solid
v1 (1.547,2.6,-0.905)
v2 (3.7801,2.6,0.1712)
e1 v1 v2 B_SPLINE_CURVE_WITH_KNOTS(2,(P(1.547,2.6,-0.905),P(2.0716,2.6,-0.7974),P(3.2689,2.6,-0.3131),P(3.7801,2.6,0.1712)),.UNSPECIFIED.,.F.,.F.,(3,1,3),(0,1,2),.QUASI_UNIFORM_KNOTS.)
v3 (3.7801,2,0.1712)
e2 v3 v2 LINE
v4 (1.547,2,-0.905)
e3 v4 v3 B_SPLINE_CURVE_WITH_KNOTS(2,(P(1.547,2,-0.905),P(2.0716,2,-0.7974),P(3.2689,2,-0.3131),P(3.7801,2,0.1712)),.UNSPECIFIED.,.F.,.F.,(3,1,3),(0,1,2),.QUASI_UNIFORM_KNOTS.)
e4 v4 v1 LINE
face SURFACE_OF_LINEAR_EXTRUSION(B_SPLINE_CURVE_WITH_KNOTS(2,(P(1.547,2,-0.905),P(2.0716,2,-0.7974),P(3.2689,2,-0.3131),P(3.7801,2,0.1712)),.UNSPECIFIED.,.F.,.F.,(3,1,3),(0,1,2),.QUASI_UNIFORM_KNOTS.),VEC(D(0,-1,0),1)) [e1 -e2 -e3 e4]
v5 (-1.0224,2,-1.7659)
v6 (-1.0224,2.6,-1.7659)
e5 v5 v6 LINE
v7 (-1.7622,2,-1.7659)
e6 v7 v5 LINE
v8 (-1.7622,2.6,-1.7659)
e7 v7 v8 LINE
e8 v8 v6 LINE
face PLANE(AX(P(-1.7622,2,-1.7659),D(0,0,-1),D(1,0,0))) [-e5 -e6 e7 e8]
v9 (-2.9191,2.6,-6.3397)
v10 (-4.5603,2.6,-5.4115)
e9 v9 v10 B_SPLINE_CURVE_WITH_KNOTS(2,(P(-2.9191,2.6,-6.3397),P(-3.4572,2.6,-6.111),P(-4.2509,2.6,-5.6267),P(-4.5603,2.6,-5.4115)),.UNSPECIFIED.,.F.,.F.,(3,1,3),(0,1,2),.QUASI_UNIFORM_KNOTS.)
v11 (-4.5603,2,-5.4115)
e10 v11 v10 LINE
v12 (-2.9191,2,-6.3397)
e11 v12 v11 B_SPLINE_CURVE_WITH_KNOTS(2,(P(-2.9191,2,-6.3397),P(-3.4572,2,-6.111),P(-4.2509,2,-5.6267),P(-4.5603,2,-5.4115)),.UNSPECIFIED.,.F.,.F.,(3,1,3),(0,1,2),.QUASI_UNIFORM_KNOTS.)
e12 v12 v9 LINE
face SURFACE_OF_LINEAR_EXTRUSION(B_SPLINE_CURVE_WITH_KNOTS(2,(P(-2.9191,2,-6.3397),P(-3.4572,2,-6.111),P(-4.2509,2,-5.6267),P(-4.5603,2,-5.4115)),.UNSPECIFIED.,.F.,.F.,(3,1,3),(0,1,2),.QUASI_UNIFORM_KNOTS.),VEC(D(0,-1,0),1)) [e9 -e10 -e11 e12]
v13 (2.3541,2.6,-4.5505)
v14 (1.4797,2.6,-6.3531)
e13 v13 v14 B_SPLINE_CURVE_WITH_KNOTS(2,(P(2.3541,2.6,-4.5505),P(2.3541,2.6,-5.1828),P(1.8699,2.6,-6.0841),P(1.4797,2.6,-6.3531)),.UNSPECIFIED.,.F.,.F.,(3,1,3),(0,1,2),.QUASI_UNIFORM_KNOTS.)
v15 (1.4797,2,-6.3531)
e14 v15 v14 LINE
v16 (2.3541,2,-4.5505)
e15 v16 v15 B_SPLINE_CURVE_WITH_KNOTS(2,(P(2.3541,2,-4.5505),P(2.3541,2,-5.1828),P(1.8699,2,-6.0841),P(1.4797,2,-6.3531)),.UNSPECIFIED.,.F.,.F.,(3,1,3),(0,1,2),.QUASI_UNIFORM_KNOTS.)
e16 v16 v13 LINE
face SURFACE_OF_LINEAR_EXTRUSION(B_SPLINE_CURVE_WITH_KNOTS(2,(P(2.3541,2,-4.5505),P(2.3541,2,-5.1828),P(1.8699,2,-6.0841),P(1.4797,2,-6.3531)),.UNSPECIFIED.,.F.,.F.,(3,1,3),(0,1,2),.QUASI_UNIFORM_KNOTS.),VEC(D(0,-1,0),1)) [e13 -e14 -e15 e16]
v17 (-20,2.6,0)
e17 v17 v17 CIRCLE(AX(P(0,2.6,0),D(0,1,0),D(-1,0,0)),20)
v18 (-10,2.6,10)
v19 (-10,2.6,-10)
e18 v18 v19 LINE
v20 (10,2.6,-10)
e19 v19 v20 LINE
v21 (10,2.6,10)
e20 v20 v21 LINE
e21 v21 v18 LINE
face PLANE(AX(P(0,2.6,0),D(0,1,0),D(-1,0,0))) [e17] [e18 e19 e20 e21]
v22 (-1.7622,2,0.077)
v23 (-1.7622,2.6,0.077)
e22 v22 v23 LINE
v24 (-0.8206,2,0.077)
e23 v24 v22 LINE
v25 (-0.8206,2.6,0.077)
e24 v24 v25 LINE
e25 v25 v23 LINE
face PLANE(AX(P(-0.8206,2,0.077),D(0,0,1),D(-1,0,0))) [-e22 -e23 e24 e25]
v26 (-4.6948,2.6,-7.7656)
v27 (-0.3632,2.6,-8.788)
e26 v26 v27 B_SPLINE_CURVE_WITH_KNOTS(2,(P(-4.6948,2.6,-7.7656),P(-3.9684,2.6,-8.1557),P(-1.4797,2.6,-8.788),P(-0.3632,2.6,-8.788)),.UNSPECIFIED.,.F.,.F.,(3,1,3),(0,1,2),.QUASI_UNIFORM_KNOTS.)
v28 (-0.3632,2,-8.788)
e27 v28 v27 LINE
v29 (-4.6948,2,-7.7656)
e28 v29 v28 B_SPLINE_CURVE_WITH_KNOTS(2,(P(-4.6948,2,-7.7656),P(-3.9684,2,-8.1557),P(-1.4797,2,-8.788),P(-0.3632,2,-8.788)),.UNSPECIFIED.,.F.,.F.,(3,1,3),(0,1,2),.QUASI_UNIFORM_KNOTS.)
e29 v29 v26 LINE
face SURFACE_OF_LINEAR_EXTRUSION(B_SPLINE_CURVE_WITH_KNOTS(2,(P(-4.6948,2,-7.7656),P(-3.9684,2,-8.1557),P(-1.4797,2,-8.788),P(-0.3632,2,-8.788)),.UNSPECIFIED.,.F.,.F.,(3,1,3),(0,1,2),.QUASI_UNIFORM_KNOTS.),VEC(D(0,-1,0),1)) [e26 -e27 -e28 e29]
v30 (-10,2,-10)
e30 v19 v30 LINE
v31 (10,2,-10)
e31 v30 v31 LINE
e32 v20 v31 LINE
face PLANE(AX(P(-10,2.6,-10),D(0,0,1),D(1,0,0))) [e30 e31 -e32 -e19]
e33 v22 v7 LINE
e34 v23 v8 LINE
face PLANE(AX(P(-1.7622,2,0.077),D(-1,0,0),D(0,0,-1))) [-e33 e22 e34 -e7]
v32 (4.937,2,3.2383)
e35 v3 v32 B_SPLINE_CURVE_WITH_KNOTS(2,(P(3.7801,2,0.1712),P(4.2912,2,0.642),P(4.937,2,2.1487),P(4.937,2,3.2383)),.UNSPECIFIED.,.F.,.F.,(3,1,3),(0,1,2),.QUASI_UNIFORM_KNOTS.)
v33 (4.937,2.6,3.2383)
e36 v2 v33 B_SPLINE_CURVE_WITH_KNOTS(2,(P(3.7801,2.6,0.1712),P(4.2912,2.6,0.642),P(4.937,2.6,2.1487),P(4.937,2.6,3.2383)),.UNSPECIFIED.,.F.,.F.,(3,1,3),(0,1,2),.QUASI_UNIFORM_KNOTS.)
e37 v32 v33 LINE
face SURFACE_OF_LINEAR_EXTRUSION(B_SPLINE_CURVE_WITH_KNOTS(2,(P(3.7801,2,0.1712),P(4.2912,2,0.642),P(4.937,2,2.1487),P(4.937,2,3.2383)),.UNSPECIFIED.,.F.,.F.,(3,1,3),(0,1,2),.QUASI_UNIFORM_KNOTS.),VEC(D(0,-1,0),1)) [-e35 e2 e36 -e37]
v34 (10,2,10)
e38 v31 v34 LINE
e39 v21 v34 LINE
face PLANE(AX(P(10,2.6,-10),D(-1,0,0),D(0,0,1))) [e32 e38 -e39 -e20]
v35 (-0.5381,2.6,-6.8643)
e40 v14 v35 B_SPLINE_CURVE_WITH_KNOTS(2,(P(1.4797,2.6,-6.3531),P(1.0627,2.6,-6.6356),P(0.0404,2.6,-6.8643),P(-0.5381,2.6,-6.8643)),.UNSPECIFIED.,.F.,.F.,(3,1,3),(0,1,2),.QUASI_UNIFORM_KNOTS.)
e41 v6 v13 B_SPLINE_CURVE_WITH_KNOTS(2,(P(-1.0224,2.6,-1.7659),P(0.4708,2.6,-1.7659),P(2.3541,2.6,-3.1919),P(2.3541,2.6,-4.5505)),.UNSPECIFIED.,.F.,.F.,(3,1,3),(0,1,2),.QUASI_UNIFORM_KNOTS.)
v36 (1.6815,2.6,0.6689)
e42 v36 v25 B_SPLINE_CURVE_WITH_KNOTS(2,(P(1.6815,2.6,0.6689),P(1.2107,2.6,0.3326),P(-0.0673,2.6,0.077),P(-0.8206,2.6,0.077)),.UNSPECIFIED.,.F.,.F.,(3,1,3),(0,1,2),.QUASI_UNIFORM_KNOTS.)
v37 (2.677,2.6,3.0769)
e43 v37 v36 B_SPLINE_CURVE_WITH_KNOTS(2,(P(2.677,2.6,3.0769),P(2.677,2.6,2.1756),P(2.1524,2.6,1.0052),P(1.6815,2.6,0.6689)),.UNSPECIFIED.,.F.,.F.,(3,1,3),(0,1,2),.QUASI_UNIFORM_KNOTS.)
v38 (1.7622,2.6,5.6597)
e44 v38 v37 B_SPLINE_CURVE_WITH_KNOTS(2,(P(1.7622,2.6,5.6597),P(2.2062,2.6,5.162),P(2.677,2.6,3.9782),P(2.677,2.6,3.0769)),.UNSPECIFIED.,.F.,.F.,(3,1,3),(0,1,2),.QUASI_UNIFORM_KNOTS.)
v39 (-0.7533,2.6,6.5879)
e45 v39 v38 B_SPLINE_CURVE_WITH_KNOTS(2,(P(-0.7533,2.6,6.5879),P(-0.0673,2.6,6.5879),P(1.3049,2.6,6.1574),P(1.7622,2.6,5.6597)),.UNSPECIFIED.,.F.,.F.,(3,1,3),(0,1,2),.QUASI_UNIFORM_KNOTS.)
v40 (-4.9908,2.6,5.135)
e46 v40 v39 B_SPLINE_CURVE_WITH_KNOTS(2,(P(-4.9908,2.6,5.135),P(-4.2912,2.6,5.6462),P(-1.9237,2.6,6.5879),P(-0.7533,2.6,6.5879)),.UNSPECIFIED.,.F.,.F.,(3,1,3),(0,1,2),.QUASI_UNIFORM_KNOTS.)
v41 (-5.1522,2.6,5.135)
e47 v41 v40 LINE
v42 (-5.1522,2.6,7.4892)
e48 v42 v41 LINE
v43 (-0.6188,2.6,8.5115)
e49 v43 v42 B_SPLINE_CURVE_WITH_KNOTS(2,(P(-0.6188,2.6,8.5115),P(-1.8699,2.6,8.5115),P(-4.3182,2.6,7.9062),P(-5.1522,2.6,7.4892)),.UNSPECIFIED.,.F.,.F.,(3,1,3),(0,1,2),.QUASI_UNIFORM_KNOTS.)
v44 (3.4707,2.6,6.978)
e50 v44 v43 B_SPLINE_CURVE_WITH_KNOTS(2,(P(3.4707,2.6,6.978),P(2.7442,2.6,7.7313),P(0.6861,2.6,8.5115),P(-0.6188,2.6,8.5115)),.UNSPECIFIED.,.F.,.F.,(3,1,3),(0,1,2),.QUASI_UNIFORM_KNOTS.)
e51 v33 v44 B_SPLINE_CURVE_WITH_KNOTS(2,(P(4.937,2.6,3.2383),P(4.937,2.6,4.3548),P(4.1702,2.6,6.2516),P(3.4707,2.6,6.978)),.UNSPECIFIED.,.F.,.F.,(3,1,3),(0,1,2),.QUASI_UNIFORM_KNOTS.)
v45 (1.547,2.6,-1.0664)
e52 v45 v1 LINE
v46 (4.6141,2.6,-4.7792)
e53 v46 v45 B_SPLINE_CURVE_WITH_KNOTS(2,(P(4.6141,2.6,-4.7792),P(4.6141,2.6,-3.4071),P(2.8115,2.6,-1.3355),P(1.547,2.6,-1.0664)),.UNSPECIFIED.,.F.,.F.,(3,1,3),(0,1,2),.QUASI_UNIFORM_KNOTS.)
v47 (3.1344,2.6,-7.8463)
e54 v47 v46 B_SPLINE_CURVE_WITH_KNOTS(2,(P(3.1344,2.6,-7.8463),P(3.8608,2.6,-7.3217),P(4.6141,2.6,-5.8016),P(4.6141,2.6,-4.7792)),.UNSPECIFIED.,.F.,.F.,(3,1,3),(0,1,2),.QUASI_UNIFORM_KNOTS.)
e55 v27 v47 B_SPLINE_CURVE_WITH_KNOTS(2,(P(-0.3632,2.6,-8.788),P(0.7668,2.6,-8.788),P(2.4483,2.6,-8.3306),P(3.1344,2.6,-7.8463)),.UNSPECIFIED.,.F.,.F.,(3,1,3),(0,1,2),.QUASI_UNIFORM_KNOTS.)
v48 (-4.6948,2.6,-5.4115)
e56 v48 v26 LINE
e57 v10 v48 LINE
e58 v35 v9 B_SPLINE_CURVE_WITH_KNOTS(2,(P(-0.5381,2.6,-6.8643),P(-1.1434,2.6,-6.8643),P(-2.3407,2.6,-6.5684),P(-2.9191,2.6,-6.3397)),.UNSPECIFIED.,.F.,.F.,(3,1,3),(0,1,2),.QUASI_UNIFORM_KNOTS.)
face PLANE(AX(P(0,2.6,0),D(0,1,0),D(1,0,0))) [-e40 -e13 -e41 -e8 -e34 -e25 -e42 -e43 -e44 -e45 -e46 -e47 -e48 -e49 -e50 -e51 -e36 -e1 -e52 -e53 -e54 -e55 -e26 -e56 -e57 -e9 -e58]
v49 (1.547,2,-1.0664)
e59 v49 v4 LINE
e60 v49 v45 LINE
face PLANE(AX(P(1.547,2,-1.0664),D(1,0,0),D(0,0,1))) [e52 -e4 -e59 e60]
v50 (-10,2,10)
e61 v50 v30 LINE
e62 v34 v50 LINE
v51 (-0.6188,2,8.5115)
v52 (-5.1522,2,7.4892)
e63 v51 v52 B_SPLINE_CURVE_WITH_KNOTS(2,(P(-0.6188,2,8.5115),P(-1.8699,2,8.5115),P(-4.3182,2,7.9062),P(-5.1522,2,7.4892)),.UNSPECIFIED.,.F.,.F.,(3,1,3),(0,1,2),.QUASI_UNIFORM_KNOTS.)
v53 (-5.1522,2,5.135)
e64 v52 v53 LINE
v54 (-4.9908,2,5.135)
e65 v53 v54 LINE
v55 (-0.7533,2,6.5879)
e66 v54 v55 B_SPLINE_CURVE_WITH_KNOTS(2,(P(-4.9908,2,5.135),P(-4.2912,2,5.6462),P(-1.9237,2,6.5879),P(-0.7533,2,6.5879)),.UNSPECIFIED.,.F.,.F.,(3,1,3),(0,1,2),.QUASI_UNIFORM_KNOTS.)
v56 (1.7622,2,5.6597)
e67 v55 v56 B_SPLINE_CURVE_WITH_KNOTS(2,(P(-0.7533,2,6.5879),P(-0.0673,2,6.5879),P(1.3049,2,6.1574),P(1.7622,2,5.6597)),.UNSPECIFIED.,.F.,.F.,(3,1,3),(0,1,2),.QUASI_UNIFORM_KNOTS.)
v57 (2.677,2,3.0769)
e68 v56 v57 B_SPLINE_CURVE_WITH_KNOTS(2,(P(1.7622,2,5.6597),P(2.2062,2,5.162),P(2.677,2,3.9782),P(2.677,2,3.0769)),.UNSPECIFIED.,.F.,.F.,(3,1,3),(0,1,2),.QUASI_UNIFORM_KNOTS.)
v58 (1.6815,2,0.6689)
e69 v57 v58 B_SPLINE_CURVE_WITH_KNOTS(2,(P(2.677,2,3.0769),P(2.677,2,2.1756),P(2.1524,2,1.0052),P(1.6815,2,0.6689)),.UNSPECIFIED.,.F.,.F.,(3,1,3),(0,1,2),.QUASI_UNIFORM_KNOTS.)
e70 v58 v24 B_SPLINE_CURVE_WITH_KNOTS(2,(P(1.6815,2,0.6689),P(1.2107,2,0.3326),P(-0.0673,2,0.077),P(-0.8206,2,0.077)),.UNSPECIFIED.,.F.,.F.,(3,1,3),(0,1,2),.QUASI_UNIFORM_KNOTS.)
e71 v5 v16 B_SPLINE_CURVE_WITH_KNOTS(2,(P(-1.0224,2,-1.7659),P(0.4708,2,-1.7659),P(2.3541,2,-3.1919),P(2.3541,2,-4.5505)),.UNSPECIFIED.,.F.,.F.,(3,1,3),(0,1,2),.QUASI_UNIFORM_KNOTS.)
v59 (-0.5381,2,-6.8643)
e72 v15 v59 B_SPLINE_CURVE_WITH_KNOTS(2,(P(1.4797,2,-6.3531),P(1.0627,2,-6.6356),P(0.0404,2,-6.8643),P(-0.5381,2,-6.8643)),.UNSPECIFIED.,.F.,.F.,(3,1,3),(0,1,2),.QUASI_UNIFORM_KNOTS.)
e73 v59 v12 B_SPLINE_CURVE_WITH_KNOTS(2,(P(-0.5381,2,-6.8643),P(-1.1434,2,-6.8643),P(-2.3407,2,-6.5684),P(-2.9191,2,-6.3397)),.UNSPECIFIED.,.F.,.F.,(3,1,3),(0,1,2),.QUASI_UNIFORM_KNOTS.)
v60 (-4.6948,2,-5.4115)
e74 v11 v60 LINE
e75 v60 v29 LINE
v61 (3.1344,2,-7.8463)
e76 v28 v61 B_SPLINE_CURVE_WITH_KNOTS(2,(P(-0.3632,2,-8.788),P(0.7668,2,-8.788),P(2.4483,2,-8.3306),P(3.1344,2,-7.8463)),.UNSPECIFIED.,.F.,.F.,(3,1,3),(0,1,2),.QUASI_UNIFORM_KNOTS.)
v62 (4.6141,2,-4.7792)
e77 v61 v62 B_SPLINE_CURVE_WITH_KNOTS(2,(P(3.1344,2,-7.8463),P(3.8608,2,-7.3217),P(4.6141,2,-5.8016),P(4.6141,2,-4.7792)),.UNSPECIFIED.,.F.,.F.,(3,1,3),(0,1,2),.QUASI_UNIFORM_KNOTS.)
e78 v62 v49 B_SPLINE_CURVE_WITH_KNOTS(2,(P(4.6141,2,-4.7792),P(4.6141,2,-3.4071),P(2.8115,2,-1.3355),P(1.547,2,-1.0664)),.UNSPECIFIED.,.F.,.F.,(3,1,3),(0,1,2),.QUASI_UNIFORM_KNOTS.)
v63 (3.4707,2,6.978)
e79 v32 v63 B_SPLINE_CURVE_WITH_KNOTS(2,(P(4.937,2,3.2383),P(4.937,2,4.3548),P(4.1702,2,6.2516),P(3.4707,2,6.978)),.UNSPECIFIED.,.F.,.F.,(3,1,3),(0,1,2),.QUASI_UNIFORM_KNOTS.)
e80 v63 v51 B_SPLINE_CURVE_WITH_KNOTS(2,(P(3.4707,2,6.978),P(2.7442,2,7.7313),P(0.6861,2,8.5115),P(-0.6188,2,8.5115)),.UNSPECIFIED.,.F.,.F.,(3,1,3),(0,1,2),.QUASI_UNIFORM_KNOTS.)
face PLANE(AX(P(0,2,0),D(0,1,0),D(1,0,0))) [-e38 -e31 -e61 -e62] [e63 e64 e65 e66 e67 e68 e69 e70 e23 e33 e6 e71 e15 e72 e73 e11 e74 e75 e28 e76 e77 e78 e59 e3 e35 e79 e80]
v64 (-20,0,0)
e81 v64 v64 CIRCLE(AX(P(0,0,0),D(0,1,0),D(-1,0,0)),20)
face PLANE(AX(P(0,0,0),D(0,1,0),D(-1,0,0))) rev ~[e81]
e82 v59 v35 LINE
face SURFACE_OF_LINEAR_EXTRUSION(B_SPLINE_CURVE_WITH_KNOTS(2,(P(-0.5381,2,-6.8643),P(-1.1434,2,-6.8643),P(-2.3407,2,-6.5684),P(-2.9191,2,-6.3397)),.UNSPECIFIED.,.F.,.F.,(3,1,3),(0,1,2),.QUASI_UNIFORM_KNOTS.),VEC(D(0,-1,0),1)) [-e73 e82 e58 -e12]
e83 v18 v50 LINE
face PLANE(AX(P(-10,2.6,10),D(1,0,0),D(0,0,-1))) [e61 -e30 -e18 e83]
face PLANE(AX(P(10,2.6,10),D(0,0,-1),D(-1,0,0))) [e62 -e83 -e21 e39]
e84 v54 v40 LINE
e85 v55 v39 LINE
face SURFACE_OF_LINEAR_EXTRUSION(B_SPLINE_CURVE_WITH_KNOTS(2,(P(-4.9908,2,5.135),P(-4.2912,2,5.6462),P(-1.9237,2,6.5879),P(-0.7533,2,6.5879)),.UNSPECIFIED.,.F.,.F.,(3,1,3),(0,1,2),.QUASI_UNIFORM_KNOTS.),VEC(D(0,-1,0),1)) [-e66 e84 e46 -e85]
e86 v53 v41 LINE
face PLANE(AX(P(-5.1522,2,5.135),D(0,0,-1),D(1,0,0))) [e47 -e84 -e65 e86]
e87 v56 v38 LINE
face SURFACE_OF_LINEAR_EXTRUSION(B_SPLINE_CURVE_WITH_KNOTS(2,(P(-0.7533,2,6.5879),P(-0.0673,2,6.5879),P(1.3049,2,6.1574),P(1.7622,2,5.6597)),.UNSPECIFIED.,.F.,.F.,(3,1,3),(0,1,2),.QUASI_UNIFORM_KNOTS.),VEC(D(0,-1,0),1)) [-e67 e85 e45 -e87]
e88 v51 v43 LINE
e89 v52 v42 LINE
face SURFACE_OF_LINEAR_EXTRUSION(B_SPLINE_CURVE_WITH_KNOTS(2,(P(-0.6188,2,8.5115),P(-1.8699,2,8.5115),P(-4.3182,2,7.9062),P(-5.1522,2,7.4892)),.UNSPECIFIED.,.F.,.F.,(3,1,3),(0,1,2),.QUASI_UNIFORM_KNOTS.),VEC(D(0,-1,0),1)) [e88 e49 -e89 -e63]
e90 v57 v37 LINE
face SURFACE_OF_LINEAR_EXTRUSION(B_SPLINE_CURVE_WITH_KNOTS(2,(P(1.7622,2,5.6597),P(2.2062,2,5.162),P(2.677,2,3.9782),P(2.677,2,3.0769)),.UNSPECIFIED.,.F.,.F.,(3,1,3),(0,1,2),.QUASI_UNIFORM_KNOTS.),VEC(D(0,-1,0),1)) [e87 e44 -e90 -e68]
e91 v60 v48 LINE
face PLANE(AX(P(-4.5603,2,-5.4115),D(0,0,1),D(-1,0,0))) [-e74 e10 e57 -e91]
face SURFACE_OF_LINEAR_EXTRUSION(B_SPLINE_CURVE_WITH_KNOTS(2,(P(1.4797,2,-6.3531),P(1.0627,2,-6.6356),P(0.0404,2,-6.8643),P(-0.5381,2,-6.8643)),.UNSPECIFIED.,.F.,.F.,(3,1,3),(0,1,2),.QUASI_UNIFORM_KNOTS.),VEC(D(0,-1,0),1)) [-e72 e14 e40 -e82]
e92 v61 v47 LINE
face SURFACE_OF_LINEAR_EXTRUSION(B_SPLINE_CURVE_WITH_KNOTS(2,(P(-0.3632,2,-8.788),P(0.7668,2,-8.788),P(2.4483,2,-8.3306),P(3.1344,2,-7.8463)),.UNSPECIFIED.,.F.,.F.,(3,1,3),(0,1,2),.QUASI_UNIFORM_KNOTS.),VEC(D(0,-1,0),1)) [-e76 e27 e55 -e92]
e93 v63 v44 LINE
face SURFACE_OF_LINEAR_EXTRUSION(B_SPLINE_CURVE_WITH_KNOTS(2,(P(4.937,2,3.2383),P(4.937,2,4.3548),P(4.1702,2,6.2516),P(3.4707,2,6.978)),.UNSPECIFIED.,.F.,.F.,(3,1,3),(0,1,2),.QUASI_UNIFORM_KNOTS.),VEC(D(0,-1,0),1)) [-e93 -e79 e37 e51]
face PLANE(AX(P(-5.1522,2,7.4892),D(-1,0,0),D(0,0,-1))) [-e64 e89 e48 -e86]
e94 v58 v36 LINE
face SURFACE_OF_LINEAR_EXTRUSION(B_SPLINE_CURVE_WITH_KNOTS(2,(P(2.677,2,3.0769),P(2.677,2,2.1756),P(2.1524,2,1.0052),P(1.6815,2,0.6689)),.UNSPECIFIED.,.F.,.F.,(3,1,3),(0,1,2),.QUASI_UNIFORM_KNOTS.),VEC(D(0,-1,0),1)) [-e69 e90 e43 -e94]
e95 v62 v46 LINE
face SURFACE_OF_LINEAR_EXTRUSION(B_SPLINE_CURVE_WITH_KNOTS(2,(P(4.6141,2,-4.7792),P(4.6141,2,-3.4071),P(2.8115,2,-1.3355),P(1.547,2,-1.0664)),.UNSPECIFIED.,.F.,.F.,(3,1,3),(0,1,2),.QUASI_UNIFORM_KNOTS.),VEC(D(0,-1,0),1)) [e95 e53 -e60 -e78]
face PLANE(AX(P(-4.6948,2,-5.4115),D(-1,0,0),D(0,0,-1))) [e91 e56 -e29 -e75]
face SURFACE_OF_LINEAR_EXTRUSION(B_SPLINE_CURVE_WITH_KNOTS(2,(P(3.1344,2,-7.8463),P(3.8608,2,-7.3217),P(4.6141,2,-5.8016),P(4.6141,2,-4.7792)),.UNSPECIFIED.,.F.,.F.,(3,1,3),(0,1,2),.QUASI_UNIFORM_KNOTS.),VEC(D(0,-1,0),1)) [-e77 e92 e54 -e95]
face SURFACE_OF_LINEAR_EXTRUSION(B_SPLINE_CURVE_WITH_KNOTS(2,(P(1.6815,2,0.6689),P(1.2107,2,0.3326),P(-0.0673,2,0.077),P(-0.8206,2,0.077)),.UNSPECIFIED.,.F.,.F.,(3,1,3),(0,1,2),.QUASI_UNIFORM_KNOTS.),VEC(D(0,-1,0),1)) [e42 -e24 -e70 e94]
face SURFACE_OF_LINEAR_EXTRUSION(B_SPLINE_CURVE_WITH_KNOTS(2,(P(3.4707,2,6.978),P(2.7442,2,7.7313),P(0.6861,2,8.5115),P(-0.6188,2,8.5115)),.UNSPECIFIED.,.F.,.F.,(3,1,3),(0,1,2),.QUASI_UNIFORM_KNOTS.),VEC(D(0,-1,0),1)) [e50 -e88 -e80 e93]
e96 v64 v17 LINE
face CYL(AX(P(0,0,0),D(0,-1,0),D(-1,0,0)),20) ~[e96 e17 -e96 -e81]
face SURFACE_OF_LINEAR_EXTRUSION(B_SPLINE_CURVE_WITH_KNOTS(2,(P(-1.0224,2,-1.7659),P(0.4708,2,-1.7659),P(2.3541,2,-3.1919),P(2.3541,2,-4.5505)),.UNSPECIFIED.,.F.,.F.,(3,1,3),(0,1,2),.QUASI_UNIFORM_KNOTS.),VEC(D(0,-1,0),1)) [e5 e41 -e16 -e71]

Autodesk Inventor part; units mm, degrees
ref_plane "YZ Plane" through (0, 0, 0) normal (1, 0, 0) x (0, 1, 0)
ref_plane "XZ Plane" through (0, 0, 0) normal (0, 1, 0) x (-1, 0, 0)
ref_plane "XY Plane" through (0, 0, 0) normal (0, 0, 1) x (1, 0, 0)
sketch "Sketch1" plane through (0, 0, 0) normal (0, 1, 0) x (-1, 0, 0)
  circle A0 centre (0, 0) radius 20
  dimension "d0" = 40
extrude "Extrusion1" add sketch "Sketch1" along normal blind 2.6
sketch "Sketch2" plane through (0, 2.6, 0) normal (0, 1, 0) x (1, 0, 0)
  line L0 (-10, -10) -> (-10, 10)
  line L1 (-10, 10) -> (10, 10)
  line L2 (10, 10) -> (10, -10)
  line L3 (10, -10) -> (-10, -10)
  line L4 (-10, -10) -> (10, 10) construction
  line L5 (-10, 10) -> (10, -10) construction
  point P0 (0, 0)
  dimension "d3" = 20
  dimension "d4" = 20
extrude "Extrusion2" cut sketch "Sketch2" against normal blind 0.6
sketch "Sketch3" plane through (0, 2, 0) normal (0, 1, 0) x (1, 0, 0)
  line L0 (-6.2284, 8.788) -> (6.2284, 8.788) construction
  line L1 (6.2284, 8.788) -> (6.2284, -8.5115) construction
  line L2 (6.2284, -8.5115) -> (-6.2284, -8.5115) construction
  line L3 (-6.2284, -8.5115) -> (-6.2284, 8.788) construction
  spline S0 degree 2 poles (-0.5381, 6.8643) (-1.1434, 6.8643) (-2.3407, 6.5684) (-2.9191, 6.3397) knots 0 0 0 1 2 2 2
  spline S1 degree 2 poles (-2.9191, 6.3397) (-3.4572, 6.111) (-4.2509, 5.6267) (-4.5603, 5.4115) knots 0 0 0 1 2 2 2
  line L4 (-4.5603, 5.4115) -> (-4.6948, 5.4115)
  line L5 (-4.6948, 5.4115) -> (-4.6948, 7.7656)
  spline S2 degree 2 poles (-4.6948, 7.7656) (-3.9684, 8.1557) (-1.4797, 8.788) (-0.3632, 8.788) knots 0 0 0 1 2 2 2
  spline S3 degree 2 poles (-0.3632, 8.788) (0.7668, 8.788) (2.4483, 8.3306) (3.1344, 7.8463) knots 0 0 0 1 2 2 2
  spline S4 degree 2 poles (3.1344, 7.8463) (3.8608, 7.3217) (4.6141, 5.8016) (4.6141, 4.7792) knots 0 0 0 1 2 2 2
  spline S5 degree 2 poles (4.6141, 4.7792) (4.6141, 3.4071) (2.8115, 1.3355) (1.547, 1.0664) knots 0 0 0 1 2 2 2
  line L6 (1.547, 1.0664) -> (1.547, 0.905)
  spline S6 degree 2 poles (1.547, 0.905) (2.0716, 0.7974) (3.2689, 0.3131) (3.7801, -0.1712) knots 0 0 0 1 2 2 2
  spline S7 degree 2 poles (3.7801, -0.1712) (4.2912, -0.642) (4.937, -2.1487) (4.937, -3.2383) knots 0 0 0 1 2 2 2
  spline S8 degree 2 poles (4.937, -3.2383) (4.937, -4.3548) (4.1702, -6.2516) (3.4707, -6.978) knots 0 0 0 1 2 2 2
  spline S9 degree 2 poles (3.4707, -6.978) (2.7442, -7.7313) (0.6861, -8.5115) (-0.6188, -8.5115) knots 0 0 0 1 2 2 2
  spline S10 degree 2 poles (-0.6188, -8.5115) (-1.8699, -8.5115) (-4.3182, -7.9062) (-5.1522, -7.4892) knots 0 0 0 1 2 2 2
  line L7 (-5.1522, -7.4892) -> (-5.1522, -5.135)
  line L8 (-5.1522, -5.135) -> (-4.9908, -5.135)
  spline S11 degree 2 poles (-4.9908, -5.135) (-4.2912, -5.6462) (-1.9237, -6.5879) (-0.7533, -6.5879) knots 0 0 0 1 2 2 2
  spline S12 degree 2 poles (-0.7533, -6.5879) (-0.0673, -6.5879) (1.3049, -6.1574) (1.7622, -5.6597) knots 0 0 0 1 2 2 2
  spline S13 degree 2 poles (1.7622, -5.6597) (2.2062, -5.162) (2.677, -3.9782) (2.677, -3.0769) knots 0 0 0 1 2 2 2
  spline S14 degree 2 poles (2.677, -3.0769) (2.677, -2.1756) (2.1524, -1.0052) (1.6815, -0.6689) knots 0 0 0 1 2 2 2
  spline S15 degree 2 poles (1.6815, -0.6689) (1.2107, -0.3326) (-0.0673, -0.077) (-0.8206, -0.077) knots 0 0 0 1 2 2 2
  line L9 (-0.8206, -0.077) -> (-1.7622, -0.077)
  line L10 (-1.7622, -0.077) -> (-1.7622, 1.7659)
  line L11 (-1.7622, 1.7659) -> (-1.0224, 1.7659)
  spline S16 degree 2 poles (-1.0224, 1.7659) (0.4708, 1.7659) (2.3541, 3.1919) (2.3541, 4.5505) knots 0 0 0 1 2 2 2
  spline S17 degree 2 poles (2.3541, 4.5505) (2.3541, 5.1828) (1.8699, 6.0841) (1.4797, 6.3531) knots 0 0 0 1 2 2 2
  spline S18 degree 2 poles (1.4797, 6.3531) (1.0627, 6.6356) (0.0404, 6.8643) (-0.5381, 6.8643) knots 0 0 0 1 2 2 2
  point P0 (0, 0)
extrude "Extrusion3" add sketch "Sketch3" along normal blind 0.6
properties part number "TopMarker3"
